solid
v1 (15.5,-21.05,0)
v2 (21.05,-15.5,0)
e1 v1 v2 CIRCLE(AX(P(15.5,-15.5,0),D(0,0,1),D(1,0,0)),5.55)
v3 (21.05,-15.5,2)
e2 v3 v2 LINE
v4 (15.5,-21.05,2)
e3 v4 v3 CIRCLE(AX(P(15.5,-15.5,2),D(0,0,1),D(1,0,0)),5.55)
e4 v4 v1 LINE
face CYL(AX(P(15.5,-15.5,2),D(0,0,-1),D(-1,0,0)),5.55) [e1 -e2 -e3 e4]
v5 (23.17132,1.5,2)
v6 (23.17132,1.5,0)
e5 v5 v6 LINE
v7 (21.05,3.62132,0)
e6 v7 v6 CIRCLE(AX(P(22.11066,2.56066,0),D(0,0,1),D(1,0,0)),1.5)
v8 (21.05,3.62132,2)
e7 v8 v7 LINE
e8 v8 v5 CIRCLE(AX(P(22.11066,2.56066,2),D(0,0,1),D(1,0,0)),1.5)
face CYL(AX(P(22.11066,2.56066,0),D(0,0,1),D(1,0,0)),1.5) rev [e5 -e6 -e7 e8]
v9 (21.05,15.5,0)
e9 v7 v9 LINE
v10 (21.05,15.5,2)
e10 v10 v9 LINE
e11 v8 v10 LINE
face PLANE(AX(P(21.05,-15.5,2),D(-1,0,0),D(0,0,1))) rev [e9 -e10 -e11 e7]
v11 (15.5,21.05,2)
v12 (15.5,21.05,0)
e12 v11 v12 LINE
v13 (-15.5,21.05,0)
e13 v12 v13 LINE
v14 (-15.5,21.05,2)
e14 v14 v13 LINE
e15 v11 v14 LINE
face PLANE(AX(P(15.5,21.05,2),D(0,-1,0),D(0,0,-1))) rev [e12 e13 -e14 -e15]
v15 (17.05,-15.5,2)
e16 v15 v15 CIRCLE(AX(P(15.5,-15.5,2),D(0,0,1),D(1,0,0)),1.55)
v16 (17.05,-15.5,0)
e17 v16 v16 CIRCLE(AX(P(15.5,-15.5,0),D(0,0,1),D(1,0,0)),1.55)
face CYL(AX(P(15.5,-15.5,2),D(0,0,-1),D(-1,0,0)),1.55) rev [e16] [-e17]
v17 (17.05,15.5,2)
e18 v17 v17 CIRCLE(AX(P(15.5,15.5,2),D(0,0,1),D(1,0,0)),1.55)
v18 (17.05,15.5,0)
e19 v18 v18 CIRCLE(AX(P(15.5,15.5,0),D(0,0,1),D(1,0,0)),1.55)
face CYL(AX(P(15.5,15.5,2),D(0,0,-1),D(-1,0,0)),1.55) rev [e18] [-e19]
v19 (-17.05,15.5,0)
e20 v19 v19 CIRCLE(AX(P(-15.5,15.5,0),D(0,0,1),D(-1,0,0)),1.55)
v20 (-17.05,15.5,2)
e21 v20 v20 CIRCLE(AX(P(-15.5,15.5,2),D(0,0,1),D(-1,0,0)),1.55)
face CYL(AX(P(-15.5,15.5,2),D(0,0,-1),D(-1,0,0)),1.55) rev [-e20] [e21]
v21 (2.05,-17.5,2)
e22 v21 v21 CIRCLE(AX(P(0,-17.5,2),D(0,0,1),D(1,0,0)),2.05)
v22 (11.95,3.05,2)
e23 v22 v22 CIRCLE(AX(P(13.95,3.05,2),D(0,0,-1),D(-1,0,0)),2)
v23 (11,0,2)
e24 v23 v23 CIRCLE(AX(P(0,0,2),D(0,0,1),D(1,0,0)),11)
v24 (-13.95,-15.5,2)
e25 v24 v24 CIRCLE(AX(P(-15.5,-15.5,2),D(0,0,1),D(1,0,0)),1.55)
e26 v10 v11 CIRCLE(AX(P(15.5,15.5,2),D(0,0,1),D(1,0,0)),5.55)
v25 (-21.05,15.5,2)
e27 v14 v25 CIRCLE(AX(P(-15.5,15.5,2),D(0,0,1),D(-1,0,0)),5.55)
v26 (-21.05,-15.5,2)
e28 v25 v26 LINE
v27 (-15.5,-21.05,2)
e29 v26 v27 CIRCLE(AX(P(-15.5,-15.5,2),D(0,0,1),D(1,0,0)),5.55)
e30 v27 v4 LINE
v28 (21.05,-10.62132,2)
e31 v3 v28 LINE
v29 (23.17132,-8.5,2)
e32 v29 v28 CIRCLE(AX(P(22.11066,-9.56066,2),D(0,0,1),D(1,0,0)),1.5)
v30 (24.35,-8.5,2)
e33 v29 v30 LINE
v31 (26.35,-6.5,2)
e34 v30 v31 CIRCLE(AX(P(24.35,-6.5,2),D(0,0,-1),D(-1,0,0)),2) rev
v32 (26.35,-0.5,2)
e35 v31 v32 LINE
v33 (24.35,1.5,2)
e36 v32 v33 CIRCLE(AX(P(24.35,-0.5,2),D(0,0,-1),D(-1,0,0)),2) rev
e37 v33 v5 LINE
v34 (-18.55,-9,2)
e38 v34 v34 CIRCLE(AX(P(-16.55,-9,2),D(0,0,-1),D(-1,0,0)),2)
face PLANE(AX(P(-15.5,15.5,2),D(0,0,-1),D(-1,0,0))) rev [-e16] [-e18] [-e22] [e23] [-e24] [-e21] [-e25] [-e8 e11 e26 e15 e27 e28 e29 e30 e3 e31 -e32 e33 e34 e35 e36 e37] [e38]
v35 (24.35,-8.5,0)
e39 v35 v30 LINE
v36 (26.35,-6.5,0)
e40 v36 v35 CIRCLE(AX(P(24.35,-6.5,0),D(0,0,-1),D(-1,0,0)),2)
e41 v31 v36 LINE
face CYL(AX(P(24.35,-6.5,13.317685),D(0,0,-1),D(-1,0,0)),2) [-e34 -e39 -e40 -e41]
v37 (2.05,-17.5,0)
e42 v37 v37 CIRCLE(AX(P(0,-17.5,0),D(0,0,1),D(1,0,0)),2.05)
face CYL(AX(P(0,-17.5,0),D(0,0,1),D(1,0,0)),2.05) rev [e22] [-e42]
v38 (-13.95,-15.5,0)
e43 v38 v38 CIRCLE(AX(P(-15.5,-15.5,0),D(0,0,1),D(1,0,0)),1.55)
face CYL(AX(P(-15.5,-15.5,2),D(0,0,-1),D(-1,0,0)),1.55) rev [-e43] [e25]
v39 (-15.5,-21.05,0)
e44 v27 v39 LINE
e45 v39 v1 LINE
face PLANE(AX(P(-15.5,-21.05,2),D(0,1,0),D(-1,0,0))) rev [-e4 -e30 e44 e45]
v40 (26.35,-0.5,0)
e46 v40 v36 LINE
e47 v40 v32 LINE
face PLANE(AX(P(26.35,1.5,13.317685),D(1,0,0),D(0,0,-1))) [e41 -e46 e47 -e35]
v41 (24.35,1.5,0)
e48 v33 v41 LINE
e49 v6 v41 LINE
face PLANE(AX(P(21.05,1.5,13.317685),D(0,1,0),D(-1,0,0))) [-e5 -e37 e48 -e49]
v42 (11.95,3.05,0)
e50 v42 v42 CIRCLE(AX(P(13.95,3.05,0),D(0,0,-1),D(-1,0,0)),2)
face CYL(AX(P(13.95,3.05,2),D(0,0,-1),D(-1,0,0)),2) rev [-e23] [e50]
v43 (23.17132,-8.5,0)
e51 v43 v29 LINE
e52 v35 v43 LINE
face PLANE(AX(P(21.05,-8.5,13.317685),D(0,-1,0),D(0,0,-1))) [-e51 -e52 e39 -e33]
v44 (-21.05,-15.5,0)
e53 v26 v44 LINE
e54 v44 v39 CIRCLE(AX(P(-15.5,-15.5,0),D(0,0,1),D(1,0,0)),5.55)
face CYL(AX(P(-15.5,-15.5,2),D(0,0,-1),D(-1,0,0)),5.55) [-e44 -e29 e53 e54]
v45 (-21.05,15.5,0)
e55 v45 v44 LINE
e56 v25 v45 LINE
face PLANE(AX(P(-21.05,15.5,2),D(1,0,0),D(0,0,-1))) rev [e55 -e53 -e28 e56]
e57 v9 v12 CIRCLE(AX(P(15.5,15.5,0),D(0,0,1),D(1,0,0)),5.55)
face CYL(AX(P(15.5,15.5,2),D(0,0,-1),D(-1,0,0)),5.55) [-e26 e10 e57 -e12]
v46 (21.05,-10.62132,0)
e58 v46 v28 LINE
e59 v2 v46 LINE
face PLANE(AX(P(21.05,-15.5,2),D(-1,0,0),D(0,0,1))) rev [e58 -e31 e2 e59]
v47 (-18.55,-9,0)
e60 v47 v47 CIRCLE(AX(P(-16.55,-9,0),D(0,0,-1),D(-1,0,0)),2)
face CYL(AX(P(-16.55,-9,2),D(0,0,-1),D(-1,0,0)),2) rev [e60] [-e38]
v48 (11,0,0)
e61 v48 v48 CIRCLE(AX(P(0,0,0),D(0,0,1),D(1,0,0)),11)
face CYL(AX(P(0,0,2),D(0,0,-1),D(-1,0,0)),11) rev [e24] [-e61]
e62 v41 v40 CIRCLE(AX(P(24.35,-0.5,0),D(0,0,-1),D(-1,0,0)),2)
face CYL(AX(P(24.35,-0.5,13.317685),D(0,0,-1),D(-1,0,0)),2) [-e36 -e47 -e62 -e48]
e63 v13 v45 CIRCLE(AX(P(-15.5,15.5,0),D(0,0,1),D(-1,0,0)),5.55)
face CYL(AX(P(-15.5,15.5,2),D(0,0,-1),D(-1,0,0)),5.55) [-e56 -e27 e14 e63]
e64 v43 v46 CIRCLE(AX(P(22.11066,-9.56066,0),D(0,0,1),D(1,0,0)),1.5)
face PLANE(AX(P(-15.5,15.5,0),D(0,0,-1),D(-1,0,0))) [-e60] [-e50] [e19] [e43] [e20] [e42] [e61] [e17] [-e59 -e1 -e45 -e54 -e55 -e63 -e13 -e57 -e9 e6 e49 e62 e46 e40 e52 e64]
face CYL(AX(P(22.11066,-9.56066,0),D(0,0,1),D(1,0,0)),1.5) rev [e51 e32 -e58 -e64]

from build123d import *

# Parameters (mm, degrees)
SKETCH1_R           = 11
SKETCH1_R_2         = 1.55
BOSS_EXTRUDE1_DEPTH = 2
SKETCH2_R           = 2.05
CUT_EXTRUDE1_DEPTH  = 30.83630339
SKETCH5_W           = 5.3
SKETCH5_H           = 10
BOSS_EXTRUDE3_DEPTH = 2
FILLET1_R           = 2
SKETCH6_R           = 1.5
CUT_EXTRUDE3_DEPTH  = 34.784981871
SKETCH7_R           = 2
CUT_EXTRUDE6_DEPTH  = 34.784981871


with BuildPart() as part:
    # Sketch1 → Boss-Extrude1 (new body)
    with BuildSketch(Plane.XY):
        with BuildLine():
            Line((-21.05, 15.5), (-21.05, -15.5))
            ThreePointArc((-21.05, -15.5), (-19.424442636, -19.424442636), (-15.5, -21.05))
            Line((-15.5, -21.05), (15.5, -21.05))
            ThreePointArc((15.5, -21.05), (19.424442636, -19.424442636), (21.05, -15.5))
            Line((21.05, -15.5), (21.05, 15.5))
            ThreePointArc((21.05, 15.5), (19.424442636, 19.424442636), (15.5, 21.05))
            Line((15.5, 21.05), (-15.5, 21.05))
            ThreePointArc((-15.5, 21.05), (-19.424442636, 19.424442636), (-21.05, 15.5))
        make_face()
        Circle(SKETCH1_R, mode=Mode.SUBTRACT)
        with Locations((-15.5, -15.5)):
            Circle(SKETCH1_R_2, mode=Mode.SUBTRACT)
        with Locations((15.5, 15.5)):
            Circle(SKETCH1_R_2, mode=Mode.SUBTRACT)
        with Locations(Location((-15.5, 15.5, 0), (0, 0, 180))):
            Circle(SKETCH1_R_2, mode=Mode.SUBTRACT)
        with Locations((15.5, -15.5)):
            Circle(SKETCH1_R_2, mode=Mode.SUBTRACT)
    extrude(amount=BOSS_EXTRUDE1_DEPTH)

    # Sketch2 → Cut-Extrude1 (cut, through all)
    with BuildSketch(Plane.XY.offset(2)):
        with Locations((0, -17.5)):
            Circle(SKETCH2_R)
    extrude(amount=-CUT_EXTRUDE1_DEPTH, mode=Mode.SUBTRACT)

    # Sketch5 → Boss-Extrude3 (add)
    with BuildSketch(Plane(origin=(0, 0, 0), x_dir=(-1, 0, 0), z_dir=(0, 0, -1))):
        with Locations((-23.7, -3.5)):
            Rectangle(SKETCH5_W, SKETCH5_H)
    extrude(amount=-BOSS_EXTRUDE3_DEPTH)

    # Fillet1
    fillet1_edges = [part.edges().sort_by_distance(p)[0] for p in [
        (26.35, -8.5, 1),
        (26.35, 1.5, 1),
    ]]
    fillet(fillet1_edges, radius=FILLET1_R)

    # Sketch6 → Cut-Extrude3 (cut, through all)
    with BuildSketch(Plane.XY.offset(2)):
        with Locations((22.110660172, 2.560660172)):
            Circle(SKETCH6_R)
        with Locations((22.110660172, -9.560660172)):
            Circle(SKETCH6_R)
    extrude(amount=-CUT_EXTRUDE3_DEPTH, mode=Mode.SUBTRACT)

    # Sketch7 → Cut-Extrude6 (cut, through all)
    with BuildSketch(Plane(origin=(0, 0, 0), x_dir=(-1, 0, 0), z_dir=(0, 0, -1))):
        with Locations((-13.95, 3.05)):
            Circle(SKETCH7_R)
        with Locations((16.55, -9)):
            Circle(SKETCH7_R)
    extrude(amount=-CUT_EXTRUDE6_DEPTH, mode=Mode.SUBTRACT)


solid = part.part
